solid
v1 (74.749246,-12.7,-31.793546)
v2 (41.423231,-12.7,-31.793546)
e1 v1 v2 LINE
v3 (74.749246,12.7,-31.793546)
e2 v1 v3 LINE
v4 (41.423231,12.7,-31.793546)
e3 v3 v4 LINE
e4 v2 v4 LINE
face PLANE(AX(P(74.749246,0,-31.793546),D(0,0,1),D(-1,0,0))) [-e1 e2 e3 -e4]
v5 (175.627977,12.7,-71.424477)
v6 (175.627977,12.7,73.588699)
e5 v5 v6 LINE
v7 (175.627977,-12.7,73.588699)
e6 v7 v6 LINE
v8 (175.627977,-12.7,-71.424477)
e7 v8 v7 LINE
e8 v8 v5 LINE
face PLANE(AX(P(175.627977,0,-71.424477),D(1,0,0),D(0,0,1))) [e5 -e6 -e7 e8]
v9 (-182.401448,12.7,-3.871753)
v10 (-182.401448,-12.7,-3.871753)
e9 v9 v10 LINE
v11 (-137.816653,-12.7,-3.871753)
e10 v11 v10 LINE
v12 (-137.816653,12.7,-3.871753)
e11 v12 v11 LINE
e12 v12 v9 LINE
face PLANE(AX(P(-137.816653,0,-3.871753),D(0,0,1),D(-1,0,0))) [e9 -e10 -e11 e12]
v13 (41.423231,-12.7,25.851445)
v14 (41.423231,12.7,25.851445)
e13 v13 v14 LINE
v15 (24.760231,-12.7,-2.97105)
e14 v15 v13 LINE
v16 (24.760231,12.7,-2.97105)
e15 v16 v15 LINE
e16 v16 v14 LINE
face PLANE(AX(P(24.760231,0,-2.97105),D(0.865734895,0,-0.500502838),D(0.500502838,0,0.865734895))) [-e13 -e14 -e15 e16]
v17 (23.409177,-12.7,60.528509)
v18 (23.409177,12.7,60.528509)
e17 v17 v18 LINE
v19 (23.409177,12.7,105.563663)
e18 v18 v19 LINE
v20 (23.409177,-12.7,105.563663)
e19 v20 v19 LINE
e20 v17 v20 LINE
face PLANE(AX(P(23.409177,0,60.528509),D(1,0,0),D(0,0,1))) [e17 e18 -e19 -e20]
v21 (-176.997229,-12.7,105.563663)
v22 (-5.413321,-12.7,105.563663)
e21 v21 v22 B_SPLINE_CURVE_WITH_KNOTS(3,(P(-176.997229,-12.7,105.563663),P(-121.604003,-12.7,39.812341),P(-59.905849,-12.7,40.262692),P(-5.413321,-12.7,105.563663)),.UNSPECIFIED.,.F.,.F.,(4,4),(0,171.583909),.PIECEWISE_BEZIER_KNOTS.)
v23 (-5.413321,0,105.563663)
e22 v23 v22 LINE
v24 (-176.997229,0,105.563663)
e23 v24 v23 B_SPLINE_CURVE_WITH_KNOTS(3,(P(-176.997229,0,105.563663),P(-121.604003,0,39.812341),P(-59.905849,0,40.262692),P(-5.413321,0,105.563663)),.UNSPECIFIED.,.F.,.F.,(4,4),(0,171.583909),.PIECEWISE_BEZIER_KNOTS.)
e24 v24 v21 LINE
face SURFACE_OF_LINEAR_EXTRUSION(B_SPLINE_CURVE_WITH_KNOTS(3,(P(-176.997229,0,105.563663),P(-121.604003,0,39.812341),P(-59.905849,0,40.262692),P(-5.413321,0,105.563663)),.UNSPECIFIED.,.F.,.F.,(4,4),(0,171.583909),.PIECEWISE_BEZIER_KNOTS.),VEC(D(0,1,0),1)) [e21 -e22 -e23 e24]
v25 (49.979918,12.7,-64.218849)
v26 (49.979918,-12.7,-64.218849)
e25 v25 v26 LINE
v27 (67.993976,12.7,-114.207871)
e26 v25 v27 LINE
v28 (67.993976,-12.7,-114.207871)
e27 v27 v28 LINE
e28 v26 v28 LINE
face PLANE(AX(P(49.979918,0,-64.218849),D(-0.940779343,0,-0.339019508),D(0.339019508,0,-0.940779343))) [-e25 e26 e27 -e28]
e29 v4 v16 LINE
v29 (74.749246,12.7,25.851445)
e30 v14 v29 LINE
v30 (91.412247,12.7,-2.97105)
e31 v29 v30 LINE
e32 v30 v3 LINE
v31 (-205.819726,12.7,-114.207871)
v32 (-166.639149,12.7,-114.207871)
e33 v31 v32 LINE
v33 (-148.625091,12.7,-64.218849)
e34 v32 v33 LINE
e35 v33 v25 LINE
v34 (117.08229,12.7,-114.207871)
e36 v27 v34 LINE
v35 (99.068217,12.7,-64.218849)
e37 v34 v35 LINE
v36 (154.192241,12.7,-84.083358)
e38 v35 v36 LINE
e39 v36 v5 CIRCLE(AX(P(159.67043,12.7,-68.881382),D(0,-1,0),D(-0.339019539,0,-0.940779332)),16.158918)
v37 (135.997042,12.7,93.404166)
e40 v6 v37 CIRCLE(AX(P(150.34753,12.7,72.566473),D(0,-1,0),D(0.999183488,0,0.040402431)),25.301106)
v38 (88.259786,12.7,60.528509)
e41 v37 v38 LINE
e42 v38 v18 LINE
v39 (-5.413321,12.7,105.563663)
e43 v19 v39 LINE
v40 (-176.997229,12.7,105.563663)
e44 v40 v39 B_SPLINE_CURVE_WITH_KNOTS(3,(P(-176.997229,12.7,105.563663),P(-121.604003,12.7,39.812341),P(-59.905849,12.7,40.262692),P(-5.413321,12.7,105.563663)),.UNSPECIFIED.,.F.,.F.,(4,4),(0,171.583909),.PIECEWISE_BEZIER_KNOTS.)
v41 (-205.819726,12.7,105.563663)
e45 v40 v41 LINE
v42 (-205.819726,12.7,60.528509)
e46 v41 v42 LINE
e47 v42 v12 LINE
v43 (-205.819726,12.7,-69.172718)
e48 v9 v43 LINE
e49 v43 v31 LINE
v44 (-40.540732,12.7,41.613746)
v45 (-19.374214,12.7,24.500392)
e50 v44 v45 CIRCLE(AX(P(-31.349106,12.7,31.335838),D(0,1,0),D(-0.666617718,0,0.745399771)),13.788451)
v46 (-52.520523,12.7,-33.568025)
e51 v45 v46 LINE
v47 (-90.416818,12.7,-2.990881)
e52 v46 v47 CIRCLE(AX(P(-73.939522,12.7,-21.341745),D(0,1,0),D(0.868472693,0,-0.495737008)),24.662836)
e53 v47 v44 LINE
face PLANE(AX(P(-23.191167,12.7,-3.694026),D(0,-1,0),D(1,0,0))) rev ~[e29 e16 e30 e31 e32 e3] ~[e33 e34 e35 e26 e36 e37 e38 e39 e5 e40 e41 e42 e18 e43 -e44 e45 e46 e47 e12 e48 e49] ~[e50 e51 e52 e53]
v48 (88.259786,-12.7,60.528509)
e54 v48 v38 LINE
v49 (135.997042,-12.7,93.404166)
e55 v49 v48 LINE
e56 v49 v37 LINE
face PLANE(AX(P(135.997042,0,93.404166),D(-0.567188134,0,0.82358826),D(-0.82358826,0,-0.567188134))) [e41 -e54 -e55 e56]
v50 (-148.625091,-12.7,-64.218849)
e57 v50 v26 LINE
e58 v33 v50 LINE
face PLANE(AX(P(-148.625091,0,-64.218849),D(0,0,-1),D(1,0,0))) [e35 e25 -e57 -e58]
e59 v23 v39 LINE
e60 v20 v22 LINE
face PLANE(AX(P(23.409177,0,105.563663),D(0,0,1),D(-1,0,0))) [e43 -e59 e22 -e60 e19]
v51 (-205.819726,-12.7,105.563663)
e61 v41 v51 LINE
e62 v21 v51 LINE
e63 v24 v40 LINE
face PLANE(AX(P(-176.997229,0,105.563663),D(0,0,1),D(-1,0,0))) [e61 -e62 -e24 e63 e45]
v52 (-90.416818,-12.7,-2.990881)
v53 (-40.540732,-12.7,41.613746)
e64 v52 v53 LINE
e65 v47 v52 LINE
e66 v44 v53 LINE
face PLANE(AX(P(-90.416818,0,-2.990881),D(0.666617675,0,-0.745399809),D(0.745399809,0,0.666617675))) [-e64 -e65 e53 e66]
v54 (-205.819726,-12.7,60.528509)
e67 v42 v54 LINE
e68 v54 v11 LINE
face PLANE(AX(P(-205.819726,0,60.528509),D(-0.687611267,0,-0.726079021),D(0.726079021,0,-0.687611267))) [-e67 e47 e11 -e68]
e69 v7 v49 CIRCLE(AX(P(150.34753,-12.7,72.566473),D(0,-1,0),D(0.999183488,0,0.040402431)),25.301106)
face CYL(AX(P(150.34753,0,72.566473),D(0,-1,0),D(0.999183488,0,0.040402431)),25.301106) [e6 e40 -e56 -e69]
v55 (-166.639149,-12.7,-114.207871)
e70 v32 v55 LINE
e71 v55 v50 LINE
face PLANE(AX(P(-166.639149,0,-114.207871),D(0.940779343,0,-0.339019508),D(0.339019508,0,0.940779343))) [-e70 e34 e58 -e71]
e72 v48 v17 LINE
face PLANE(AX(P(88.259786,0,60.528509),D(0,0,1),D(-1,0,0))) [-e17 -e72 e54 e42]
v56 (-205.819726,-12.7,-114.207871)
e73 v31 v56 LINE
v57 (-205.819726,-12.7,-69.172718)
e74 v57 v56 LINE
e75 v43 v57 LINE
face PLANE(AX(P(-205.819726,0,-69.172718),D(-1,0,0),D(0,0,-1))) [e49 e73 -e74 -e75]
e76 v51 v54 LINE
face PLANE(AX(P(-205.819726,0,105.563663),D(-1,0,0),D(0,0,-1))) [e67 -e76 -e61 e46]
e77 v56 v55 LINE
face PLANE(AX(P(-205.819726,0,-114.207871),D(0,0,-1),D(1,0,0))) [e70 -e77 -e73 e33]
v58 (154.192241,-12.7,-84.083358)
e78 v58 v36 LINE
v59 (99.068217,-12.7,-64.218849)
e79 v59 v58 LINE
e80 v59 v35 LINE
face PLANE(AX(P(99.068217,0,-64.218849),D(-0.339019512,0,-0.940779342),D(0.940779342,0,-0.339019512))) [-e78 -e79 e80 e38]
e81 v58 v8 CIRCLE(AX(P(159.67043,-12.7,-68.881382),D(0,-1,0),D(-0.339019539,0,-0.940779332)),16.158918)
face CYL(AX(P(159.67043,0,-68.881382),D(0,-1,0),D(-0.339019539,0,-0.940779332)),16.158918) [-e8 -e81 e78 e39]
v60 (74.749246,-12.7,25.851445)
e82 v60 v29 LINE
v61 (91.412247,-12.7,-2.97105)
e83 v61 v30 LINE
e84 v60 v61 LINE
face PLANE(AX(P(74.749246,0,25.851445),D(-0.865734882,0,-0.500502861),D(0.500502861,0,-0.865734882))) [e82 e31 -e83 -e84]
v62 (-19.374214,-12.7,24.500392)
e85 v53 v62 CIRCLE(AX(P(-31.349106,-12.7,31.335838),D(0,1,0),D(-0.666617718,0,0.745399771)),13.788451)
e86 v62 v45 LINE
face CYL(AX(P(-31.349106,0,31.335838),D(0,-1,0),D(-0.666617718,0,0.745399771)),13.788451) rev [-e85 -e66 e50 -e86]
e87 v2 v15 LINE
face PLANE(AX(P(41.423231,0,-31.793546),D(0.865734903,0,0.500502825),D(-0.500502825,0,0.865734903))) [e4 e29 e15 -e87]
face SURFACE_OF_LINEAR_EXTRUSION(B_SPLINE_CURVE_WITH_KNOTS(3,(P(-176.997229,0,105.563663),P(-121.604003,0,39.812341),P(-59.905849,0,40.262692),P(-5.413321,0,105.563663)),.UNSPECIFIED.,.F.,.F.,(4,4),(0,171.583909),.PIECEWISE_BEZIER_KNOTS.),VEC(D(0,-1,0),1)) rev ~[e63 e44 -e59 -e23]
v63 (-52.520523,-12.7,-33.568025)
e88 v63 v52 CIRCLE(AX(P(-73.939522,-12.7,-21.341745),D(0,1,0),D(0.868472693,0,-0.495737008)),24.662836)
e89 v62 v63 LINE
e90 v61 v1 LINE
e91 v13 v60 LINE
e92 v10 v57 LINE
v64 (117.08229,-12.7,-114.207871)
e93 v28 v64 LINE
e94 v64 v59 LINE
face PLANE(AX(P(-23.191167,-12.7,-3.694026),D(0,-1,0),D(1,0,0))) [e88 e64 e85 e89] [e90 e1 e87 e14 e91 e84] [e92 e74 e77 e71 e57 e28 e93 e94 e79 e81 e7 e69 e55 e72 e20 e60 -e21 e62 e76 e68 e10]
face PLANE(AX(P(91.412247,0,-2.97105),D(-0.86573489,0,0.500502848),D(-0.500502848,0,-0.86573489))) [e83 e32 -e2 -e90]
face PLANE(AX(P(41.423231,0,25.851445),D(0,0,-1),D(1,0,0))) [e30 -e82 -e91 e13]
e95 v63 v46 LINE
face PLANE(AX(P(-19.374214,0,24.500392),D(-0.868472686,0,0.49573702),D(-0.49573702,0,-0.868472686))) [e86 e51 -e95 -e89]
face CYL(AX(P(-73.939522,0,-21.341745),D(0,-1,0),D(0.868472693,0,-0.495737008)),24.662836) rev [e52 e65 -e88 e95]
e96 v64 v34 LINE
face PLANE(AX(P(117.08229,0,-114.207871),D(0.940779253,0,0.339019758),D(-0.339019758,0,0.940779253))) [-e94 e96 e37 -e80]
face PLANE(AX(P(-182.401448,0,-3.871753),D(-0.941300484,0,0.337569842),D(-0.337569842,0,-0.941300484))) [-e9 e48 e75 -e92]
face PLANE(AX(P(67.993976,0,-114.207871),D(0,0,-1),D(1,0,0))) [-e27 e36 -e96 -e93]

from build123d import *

# Parameters (mm, degrees)
F1_DEPTH = 12.7


with BuildPart() as f1:
    # F0 (on Front) → F1 (new body, symmetric)
    with BuildSketch(Plane.XZ):
        with BuildLine():
            Line((-176.997229, 105.563663), (-205.819726, 105.563663))
            Line((-205.819726, 105.563663), (-205.819726, 60.528509))
            Line((-205.819726, 60.528509), (-137.816653, -3.871753))
            Line((-137.816653, -3.871753), (-182.401448, -3.871753))
            Line((-182.401448, -3.871753), (-205.819726, -69.172718))
            Line((-205.819726, -69.172718), (-205.819726, -114.207871))
            Line((-205.819726, -114.207871), (-166.639149, -114.207871))
            Line((-166.639149, -114.207871), (-148.625091, -64.218849))
            Line((-148.625091, -64.218849), (49.979918, -64.218849))
            Line((49.979918, -64.218849), (67.993976, -114.207871))
            Line((67.993976, -114.207871), (117.08229, -114.207871))
            Line((117.08229, -114.207871), (99.068217, -64.218849))
            Line((99.068217, -64.218849), (154.192241, -84.083358))
            ThreePointArc((154.192241, -84.083358), (167.887245, -82.795209), (175.627977, -71.424477))
            Line((175.627977, -71.424477), (175.627977, 73.588699))
            ThreePointArc((175.627977, 73.588699), (161.662528, 95.19647), (135.997042, 93.404166))
            Line((135.997042, 93.404166), (88.259786, 60.528509))
            Line((88.259786, 60.528509), (23.409177, 60.528509))
            Line((23.409177, 60.528509), (23.409177, 105.563663))
            Line((23.409177, 105.563663), (-5.413321, 105.563663))
            add(Edge.make_bspline(
                [(-176.997229, 105.563663), (-121.604003, 39.812341), (-59.905849, 40.262692), (-5.413321, 105.563663)],
                knots=[0, 0, 0, 0, 171.583909, 171.583909, 171.583909, 171.583909], degree=3))
        make_face()
        with BuildLine():
            Line((-90.416818, -2.990881), (-40.540732, 41.613746))
            ThreePointArc((-40.540732, 41.613746), (-22.680003, 42.058152), (-19.374214, 24.500392))
            Line((-19.374214, 24.500392), (-52.520523, -33.568025))
            ThreePointArc((-52.520523, -33.568025), (-89.42647, -40.535752), (-90.416818, -2.990881))
        make_face(mode=Mode.SUBTRACT)
        Polygon((24.760231, -2.97105), (41.423231, 25.851445), (74.749246, 25.851445), (91.412247, -2.97105), (74.749246, -31.793546), (41.423231, -31.793546), align=None, mode=Mode.SUBTRACT)
    extrude(amount=F1_DEPTH, both=True)


solid = f1.part
